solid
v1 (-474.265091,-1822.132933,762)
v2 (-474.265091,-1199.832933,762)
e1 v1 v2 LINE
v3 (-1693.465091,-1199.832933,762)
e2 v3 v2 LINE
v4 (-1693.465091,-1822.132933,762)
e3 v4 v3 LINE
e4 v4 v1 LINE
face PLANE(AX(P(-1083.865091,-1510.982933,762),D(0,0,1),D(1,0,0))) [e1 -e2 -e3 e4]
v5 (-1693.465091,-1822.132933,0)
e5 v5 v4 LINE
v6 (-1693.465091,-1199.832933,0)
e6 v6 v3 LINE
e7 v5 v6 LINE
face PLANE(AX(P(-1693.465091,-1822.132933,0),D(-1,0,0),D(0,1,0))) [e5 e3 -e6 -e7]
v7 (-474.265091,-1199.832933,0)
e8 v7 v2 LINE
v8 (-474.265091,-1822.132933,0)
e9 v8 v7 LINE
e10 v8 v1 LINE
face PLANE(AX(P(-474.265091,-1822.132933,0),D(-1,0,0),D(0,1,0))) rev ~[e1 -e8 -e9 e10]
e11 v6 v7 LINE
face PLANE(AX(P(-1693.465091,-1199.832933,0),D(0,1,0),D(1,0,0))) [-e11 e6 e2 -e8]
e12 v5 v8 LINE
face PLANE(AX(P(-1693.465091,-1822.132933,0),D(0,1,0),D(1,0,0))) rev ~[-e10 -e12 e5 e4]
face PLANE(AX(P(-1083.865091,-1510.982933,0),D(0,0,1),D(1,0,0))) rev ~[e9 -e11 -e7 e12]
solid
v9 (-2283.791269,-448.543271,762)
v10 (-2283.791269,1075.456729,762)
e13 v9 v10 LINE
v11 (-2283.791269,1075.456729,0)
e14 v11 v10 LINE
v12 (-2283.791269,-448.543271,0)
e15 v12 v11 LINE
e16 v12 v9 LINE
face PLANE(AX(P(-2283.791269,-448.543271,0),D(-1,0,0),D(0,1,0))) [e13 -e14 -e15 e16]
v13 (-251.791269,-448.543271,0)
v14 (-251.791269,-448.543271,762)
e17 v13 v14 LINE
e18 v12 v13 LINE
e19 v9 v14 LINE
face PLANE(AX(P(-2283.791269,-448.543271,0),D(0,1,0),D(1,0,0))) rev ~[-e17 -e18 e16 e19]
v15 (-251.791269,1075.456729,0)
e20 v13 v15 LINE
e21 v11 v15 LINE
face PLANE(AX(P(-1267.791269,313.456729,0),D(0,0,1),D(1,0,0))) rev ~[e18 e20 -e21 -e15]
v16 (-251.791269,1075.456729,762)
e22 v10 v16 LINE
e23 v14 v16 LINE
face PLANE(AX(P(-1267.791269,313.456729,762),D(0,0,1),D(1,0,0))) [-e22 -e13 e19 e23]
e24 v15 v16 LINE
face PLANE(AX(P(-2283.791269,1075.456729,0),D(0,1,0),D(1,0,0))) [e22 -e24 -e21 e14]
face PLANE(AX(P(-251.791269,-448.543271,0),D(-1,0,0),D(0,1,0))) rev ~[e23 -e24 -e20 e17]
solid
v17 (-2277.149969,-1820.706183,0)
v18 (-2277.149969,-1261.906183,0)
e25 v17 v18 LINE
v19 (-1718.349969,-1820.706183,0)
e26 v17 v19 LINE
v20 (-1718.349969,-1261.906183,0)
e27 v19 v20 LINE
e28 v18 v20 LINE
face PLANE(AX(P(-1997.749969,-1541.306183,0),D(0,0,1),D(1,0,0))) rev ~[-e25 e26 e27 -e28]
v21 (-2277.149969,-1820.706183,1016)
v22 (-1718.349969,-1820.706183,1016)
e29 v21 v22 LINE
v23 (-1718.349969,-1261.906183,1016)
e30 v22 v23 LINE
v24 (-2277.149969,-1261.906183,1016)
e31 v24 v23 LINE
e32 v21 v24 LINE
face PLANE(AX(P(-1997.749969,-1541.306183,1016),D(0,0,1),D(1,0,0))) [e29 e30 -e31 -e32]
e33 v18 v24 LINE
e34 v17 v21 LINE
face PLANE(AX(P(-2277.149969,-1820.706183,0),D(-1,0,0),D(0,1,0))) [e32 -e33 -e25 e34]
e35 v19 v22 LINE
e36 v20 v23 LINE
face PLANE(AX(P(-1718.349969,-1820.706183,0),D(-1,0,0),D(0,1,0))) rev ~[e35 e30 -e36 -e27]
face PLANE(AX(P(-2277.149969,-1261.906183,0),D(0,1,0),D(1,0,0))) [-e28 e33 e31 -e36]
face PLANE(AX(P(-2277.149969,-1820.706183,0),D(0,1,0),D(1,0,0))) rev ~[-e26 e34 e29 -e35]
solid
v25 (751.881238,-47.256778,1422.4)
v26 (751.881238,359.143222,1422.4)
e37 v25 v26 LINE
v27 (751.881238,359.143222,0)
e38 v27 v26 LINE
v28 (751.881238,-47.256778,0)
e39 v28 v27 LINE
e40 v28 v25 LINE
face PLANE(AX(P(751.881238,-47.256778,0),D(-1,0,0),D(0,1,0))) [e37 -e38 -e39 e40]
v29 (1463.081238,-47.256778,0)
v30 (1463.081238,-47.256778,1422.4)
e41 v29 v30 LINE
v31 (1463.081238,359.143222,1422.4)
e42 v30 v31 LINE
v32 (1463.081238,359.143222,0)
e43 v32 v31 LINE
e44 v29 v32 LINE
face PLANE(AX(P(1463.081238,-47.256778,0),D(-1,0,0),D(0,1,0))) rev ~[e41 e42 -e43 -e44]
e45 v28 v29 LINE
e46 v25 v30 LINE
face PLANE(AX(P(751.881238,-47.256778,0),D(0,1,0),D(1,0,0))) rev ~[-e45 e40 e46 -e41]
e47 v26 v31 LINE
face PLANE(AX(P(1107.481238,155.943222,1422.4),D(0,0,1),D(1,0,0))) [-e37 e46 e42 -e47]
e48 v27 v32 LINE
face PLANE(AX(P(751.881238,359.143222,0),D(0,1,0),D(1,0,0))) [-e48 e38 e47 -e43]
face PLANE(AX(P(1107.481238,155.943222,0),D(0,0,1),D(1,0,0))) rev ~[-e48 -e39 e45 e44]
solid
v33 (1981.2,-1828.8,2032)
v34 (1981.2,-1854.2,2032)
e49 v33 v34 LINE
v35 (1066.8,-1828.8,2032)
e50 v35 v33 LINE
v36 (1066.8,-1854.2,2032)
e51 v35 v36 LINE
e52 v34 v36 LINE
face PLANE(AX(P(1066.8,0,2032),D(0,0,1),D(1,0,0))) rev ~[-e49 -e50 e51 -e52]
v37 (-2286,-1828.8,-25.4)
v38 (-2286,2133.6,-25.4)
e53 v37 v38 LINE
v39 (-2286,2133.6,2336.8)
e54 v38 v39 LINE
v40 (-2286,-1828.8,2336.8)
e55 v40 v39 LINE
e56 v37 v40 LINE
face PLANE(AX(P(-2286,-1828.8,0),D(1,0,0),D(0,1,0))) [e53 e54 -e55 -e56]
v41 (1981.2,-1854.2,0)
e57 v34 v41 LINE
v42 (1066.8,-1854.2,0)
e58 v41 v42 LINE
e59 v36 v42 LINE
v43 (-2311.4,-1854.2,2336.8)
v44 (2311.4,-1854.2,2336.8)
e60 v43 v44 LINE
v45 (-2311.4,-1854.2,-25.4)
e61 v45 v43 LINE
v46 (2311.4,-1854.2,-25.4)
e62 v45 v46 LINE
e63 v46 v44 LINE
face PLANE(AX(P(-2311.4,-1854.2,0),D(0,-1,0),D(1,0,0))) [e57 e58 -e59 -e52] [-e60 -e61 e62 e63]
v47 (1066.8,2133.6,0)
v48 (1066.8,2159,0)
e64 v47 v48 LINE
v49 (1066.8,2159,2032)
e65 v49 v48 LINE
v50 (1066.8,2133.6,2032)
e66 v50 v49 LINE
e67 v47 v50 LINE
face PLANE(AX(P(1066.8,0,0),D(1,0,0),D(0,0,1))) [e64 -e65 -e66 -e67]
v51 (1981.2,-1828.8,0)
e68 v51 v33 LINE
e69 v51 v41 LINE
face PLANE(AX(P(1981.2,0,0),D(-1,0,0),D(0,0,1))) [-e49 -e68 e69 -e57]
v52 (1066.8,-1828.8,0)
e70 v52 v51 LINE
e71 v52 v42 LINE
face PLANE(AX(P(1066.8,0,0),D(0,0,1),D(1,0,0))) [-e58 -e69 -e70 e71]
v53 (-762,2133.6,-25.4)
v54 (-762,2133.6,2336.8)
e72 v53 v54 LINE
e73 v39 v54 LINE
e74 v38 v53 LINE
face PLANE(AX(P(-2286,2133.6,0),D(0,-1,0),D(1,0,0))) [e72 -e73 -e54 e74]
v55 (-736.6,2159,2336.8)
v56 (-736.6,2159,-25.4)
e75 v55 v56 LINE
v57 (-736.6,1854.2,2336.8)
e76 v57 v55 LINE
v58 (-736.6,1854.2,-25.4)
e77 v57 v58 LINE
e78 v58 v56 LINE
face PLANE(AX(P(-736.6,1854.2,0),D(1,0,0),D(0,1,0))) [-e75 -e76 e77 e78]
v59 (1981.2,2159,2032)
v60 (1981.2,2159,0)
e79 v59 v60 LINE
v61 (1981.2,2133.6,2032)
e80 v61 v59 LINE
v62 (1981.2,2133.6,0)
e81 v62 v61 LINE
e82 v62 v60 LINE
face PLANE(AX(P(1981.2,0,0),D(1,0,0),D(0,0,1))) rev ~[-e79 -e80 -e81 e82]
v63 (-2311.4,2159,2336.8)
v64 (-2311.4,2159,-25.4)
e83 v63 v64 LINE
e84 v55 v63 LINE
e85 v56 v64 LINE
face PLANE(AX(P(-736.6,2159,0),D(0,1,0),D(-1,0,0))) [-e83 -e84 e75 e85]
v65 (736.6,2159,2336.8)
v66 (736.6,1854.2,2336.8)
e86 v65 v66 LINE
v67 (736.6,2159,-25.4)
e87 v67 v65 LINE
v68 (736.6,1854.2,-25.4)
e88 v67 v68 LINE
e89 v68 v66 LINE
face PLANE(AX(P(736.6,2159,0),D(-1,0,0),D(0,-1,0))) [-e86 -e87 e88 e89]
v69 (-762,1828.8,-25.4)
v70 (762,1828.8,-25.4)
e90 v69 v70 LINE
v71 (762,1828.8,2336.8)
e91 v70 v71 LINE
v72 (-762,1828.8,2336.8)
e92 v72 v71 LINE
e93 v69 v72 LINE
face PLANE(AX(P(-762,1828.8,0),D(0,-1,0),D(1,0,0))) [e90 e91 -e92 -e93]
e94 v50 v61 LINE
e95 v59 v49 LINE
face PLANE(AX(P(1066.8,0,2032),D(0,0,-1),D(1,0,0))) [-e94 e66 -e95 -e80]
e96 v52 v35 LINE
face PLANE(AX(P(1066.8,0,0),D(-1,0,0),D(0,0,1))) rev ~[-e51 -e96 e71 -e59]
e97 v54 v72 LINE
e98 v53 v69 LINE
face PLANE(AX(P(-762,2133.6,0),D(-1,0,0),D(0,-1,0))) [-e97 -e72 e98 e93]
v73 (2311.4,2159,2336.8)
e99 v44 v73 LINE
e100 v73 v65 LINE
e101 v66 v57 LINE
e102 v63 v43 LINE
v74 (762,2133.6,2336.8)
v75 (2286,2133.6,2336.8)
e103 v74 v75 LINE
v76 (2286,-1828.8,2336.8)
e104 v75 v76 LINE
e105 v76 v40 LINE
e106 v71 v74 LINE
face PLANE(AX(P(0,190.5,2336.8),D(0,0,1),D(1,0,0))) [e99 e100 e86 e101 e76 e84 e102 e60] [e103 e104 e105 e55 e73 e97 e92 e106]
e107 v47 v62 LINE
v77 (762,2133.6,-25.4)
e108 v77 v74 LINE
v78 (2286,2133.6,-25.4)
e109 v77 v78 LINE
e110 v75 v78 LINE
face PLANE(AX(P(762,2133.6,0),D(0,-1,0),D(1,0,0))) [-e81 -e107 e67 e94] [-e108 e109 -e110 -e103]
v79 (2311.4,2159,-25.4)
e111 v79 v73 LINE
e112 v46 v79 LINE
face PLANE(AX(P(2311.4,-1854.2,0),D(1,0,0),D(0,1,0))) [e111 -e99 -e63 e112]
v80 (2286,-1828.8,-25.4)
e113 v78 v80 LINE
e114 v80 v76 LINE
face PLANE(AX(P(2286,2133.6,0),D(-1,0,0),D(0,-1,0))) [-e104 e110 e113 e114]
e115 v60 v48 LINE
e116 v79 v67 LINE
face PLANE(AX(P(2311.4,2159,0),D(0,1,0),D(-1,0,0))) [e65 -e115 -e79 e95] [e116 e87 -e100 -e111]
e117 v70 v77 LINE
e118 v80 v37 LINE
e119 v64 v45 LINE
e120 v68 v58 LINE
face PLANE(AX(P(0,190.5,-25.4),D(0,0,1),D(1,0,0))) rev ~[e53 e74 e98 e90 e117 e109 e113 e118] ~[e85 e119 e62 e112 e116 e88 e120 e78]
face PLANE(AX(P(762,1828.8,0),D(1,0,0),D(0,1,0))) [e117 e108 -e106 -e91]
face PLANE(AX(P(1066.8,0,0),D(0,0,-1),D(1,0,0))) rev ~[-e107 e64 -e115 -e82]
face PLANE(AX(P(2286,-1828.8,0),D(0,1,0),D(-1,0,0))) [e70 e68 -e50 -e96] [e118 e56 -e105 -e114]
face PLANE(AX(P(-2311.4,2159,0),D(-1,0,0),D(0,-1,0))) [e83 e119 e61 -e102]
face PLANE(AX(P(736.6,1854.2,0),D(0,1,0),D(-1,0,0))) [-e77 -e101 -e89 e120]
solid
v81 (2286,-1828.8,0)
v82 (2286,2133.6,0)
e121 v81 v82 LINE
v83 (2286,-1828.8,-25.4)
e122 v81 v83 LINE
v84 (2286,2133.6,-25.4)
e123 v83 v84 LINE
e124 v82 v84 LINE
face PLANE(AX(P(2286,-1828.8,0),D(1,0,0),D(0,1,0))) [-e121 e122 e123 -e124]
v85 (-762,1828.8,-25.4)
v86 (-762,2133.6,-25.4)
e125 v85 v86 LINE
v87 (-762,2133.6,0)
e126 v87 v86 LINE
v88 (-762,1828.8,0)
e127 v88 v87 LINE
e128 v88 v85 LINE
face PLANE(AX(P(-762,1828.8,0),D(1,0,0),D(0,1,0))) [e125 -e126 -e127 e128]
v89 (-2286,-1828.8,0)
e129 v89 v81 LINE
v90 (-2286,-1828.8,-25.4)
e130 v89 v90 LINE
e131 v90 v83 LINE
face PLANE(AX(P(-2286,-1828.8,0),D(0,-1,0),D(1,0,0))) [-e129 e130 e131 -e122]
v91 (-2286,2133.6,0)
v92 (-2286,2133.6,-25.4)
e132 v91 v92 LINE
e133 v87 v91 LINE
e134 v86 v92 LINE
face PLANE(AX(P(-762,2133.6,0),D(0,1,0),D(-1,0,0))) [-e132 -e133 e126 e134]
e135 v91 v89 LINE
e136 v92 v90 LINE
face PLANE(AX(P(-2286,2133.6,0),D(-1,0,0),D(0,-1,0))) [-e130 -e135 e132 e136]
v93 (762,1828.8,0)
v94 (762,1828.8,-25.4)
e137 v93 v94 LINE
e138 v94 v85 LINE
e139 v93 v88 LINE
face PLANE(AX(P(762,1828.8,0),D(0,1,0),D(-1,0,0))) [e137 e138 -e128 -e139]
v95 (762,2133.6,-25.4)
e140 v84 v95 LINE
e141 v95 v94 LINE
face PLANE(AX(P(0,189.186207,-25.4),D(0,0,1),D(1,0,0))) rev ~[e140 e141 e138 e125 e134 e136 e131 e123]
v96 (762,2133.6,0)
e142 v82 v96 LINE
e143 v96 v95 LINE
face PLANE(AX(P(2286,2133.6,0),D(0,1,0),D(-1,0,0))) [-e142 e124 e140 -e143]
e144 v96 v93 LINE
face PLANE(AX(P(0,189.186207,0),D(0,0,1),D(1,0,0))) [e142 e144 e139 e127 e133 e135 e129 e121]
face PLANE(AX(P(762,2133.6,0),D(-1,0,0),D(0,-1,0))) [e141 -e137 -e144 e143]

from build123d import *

# Parameters (mm, degrees)
F1_DEPTH      = 25.4
F3_DEPTH      = 2336.8
F3_DEPTH_BACK = 25.4
F4_W          = 914.4
F4_H          = 2032
F5_DEPTH      = 2159.001
F5_DEPTH_BACK = 1854.201
F6_W          = 2032
F6_H          = 1524
F7_DEPTH      = 762
F8_W          = 1219.2
F8_H          = 622.3
F9_DEPTH      = 762
F10_W         = 711.2
F10_H         = 406.4
F11_DEPTH     = 1422.4
F12_W         = 558.8
F12_H         = 558.8
F13_DEPTH     = 1016


with BuildPart() as f1:
    # F0 (on Top) → F1 (new body)
    with BuildSketch(Plane.XY):
        Polygon((-2286, -1828.8), (2286, -1828.8), (2286, 1828.8), (2286, 2133.6), (762, 2133.6), (762, 1828.8), (-762, 1828.8), (-762, 2133.6), (-2286, 2133.6), (-2286, 1828.8), align=None)
    extrude(amount=-F1_DEPTH)


with BuildPart() as f3:
    # F2 (on Top) → F3 (new body, two sides)
    with BuildSketch(Plane.XY) as f3_sk:
        Polygon((-2311.4, 2159), (-2311.4, 1828.8), (-2311.4, -1854.2), (2311.4, -1854.2), (2311.4, 1828.8), (2311.4, 2159), (736.6, 2159), (736.6, 1854.2), (-736.6, 1854.2), (-736.6, 2159), align=None)
        Polygon((2286, 1828.8), (2286, -1828.8), (-2286, -1828.8), (-2286, 1828.8), (-2286, 2133.6), (-762, 2133.6), (-762, 1828.8), (762, 1828.8), (762, 2133.6), (2286, 2133.6), align=None, mode=Mode.SUBTRACT)
    extrude(amount=F3_DEPTH)
    extrude(f3_sk.sketch, amount=-F3_DEPTH_BACK)

    # F4 (on Front) → F5 (cut, two sides)
    with BuildSketch(Plane.XZ) as f5_sk:
        with Locations((1524, 1016)):
            Rectangle(F4_W, F4_H)
    extrude(amount=-F5_DEPTH, mode=Mode.SUBTRACT)
    extrude(f5_sk.sketch, amount=F5_DEPTH_BACK, mode=Mode.SUBTRACT)


with BuildPart() as f7:
    # F6 (on Top) → F7 (new body)
    with BuildSketch(Plane.XY):
        with Locations((-1267.7912688641, 313.4567290545)):
            Rectangle(F6_W, F6_H)
    extrude(amount=F7_DEPTH)


with BuildPart() as f9:
    # F8 (on Top) → F9 (new body)
    with BuildSketch(Plane.XY):
        with Locations((-1083.8650912046, -1510.9829326626)):
            Rectangle(F8_W, F8_H)
    extrude(amount=F9_DEPTH)


with BuildPart() as f11:
    # F10 (on Top) → F11 (new body)
    with BuildSketch(Plane.XY):
        with Locations((1107.4812381009, 155.9432223439)):
            Rectangle(F10_W, F10_H)
    extrude(amount=F11_DEPTH)


with BuildPart() as f13:
    # F12 (on Top) → F13 (new body)
    with BuildSketch(Plane.XY):
        with Locations((-1997.7499693632, -1541.3061827421)):
            Rectangle(F12_W, F12_H)
    extrude(amount=F13_DEPTH)


solid = Compound([f1.part, f3.part, f7.part, f9.part, f11.part, f13.part])
